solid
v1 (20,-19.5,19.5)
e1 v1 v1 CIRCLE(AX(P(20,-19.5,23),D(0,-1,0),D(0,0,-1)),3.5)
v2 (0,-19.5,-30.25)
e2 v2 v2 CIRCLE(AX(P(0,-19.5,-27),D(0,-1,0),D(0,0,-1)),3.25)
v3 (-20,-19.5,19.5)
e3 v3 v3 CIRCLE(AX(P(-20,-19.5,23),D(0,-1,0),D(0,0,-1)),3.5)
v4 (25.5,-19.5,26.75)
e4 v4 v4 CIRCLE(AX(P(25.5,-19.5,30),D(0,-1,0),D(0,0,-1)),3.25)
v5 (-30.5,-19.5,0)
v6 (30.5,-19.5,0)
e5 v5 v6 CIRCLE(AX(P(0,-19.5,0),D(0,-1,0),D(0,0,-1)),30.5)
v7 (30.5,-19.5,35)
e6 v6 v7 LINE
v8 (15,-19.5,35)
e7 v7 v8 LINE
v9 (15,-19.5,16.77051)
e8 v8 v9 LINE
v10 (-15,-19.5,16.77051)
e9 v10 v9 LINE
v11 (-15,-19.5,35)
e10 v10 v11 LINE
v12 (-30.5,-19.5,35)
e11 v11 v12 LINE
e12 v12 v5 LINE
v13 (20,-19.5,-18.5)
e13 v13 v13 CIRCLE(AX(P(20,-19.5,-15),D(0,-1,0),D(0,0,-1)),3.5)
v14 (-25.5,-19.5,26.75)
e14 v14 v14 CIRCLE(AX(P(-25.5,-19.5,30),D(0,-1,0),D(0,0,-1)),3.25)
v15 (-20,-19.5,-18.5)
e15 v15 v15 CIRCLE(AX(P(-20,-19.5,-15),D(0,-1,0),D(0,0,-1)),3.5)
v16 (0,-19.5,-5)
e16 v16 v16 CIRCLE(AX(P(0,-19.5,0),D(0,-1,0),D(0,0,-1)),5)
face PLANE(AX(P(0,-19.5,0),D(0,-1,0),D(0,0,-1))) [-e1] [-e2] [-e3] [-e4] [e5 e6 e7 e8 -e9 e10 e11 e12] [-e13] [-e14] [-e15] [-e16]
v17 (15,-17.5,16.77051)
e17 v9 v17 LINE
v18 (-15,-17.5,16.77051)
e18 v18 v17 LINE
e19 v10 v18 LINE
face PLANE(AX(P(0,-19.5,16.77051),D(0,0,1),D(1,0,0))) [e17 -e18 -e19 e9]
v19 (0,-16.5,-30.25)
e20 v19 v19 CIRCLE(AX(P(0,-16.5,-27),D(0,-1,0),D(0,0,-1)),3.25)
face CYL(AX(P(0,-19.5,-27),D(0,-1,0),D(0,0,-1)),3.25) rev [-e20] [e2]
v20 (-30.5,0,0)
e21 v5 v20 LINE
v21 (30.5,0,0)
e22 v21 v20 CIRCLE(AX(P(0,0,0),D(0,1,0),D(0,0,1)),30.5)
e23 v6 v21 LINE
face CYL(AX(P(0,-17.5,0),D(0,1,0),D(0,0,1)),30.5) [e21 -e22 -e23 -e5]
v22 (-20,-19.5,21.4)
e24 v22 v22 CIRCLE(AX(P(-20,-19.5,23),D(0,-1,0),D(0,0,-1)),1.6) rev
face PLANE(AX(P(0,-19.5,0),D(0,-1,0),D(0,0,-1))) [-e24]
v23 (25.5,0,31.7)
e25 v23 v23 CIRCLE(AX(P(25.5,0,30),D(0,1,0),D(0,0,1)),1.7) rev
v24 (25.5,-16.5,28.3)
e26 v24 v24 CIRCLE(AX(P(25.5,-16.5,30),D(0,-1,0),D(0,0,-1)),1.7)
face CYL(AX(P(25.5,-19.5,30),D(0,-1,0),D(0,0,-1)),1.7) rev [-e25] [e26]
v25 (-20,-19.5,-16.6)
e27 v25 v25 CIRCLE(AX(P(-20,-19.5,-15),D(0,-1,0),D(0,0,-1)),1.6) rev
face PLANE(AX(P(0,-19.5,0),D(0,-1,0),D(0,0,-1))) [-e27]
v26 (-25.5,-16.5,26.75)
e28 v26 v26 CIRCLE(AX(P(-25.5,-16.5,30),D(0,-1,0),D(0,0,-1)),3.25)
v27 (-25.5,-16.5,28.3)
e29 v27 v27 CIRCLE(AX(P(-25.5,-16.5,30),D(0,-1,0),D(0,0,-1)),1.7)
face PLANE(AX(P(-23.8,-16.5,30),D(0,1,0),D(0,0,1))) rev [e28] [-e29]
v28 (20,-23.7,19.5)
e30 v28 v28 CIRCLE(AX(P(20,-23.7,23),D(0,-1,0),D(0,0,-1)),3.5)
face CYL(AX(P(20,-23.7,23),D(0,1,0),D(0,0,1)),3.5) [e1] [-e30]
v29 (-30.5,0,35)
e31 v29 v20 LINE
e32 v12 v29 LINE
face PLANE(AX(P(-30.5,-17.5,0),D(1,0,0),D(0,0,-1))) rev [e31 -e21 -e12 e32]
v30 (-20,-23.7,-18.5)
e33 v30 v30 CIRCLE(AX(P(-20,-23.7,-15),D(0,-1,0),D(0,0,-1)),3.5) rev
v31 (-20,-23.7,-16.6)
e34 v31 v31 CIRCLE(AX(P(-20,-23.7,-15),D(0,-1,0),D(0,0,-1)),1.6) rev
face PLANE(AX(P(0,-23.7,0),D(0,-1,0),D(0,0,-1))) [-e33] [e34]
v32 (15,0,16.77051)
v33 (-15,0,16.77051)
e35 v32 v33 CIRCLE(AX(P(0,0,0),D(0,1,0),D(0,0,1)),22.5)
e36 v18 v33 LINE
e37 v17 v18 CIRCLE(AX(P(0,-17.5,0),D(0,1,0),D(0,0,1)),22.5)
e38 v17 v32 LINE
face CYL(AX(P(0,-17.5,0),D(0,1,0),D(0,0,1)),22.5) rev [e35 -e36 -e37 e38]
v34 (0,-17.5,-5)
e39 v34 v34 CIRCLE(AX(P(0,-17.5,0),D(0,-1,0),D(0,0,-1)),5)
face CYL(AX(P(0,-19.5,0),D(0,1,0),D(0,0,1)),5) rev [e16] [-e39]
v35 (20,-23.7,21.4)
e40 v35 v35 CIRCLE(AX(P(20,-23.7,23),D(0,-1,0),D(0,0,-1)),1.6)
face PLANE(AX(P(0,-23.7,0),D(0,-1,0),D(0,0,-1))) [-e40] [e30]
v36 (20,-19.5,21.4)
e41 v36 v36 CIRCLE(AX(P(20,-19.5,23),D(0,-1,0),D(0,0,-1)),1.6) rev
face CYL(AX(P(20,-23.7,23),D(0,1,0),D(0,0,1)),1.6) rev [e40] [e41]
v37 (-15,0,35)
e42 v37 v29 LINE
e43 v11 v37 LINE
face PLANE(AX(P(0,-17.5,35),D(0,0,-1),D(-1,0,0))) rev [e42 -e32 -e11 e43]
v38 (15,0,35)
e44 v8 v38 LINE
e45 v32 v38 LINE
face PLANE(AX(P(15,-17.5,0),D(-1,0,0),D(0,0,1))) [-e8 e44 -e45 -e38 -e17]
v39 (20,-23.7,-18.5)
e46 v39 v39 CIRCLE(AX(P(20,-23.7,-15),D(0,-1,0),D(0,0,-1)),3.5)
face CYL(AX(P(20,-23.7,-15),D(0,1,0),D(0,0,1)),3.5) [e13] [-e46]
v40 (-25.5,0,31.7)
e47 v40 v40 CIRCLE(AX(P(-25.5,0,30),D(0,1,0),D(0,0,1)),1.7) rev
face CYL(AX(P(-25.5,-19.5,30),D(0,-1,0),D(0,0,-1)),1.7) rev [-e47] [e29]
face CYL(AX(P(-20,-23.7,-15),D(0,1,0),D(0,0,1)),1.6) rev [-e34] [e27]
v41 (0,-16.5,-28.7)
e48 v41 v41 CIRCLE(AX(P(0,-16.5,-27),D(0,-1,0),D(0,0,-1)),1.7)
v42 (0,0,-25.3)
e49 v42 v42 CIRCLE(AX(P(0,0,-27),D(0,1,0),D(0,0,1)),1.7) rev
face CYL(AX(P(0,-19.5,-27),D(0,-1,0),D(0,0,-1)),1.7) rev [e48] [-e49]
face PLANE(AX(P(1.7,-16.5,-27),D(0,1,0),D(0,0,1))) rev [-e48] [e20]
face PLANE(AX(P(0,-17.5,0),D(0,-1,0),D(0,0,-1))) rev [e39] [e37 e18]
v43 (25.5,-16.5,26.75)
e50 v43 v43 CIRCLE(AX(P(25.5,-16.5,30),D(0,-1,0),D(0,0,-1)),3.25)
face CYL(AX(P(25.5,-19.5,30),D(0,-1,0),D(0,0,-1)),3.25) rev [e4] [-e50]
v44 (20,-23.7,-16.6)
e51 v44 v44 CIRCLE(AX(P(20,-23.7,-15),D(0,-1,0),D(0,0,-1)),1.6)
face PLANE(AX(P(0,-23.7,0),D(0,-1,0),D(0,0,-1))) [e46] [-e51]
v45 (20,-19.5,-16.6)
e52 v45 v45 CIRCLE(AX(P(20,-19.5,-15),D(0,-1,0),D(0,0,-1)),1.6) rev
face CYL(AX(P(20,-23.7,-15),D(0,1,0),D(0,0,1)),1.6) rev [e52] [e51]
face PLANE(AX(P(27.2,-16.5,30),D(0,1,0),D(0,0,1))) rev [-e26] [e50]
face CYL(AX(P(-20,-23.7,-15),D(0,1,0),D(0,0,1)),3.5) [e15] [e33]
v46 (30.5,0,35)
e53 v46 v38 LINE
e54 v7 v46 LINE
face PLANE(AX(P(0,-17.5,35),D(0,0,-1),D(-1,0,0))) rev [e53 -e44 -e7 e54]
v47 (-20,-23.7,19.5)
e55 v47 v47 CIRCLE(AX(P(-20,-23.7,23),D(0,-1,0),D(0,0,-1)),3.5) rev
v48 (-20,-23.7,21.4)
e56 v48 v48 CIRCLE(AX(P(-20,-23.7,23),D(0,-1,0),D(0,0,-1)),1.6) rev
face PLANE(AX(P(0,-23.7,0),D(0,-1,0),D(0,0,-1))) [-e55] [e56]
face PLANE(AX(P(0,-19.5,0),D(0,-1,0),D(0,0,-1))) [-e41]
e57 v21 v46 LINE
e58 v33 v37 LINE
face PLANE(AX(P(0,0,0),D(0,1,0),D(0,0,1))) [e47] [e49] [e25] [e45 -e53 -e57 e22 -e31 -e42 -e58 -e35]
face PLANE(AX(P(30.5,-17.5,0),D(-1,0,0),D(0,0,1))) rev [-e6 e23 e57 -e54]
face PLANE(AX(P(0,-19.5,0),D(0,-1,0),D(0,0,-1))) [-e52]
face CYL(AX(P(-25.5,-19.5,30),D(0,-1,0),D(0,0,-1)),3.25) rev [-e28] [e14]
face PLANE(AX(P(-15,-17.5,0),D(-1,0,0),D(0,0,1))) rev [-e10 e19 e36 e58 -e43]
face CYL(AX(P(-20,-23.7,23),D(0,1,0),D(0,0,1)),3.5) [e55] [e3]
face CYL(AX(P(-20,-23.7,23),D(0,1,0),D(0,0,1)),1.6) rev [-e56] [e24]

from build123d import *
from build123d.topology import SkipClean

# Parameters (mm, degrees)
BOSS_EXTRUDE1_DEPTH            = 17.5
SKETCH2_R                      = 5
BOSS_EXTRUDE2_DEPTH            = 2
SKETCH3_R                      = 3.5
SKETCH3_R_2                    = 1.6
BOSS_EXTRUDE3_DEPTH            = 4.2
CBORE_FOR_M3_SHCS1_D           = 3.4
CBORE_FOR_M3_SHCS1_DEPTH       = 19.5
CBORE_FOR_M3_SHCS1_CBORE_D     = 6.5
CBORE_FOR_M3_SHCS1_CBORE_DEPTH = 3
CBORE_FOR_M3_SHCS1_TIP         = 1.021463052


with BuildPart() as part:
    # Sketch1 → Boss-Extrude1 (new body)
    with BuildSketch(Plane(origin=(0, 0, 0), x_dir=(1, 0, 0), z_dir=(0, 1, 0))):
        with BuildLine():
            Line((-15, -26.55654345), (-15, -16.770509831))
            ThreePointArc((-15, -16.770509831), (-9.185586535, 20.539595906), (22.5, 0))
            ThreePointArc((22.5, 0), (20.539595906, -9.185586535), (15, -16.770509831))
            Line((15, -16.770509831), (15, -26.55654345))
            ThreePointArc((15, -26.55654345), (26.34150717, -15.374491862), (30.5, 0))
            ThreePointArc((30.5, 0), (0, 30.5), (-30.5, 0))
            ThreePointArc((-30.5, 0), (-26.34150717, -15.374491862), (-15, -26.55654345))
        make_face()
        with BuildLine():
            Line((-15, -35), (-15, -26.55654345))
            ThreePointArc((-15, -26.55654345), (-26.34150717, -15.374491862), (-30.5, 0))
            Line((-30.5, 0), (-30.5, -35))
            Line((-30.5, -35), (-15, -35))
        make_face()
        with BuildLine():
            ThreePointArc((30.5, 0), (26.34150717, -15.374491862), (15, -26.55654345))
            Line((15, -26.55654345), (15, -35))
            Line((15, -35), (30.5, -35))
            Line((30.5, -35), (30.5, 0))
        make_face()
    extrude(amount=-BOSS_EXTRUDE1_DEPTH)

    # Sketch2 → Boss-Extrude2 (add)
    # profile 1 of 2: a face of its own
    with SkipClean():  # the faces are left unmerged after this step: merging them gives an invalid solid
        with BuildSketch(Plane.XZ.offset(17.5)):
            with BuildLine():
                Line((-15, 16.770509831), (15, 16.770509831))
                ThreePointArc((15, 16.770509831), (0, -22.5), (-15, 16.770509831))
            make_face()
            with Locations(Location((0, 0, 0), (0, 0, 270))):
                Circle(SKETCH2_R, mode=Mode.SUBTRACT)
        # profile 2 of 2: a face of its own
        with BuildSketch(Plane.XZ.offset(17.5)):
            with BuildLine():
                Line((30.5, 35), (15, 35))
                Line((15, 35), (15, 16.770509831))
                ThreePointArc((15, 16.770509831), (0, -22.5), (-15, 16.770509831))
                Line((-15, 16.770509831), (-15, 35))
                Line((-15, 35), (-30.5, 35))
                Line((-30.5, 35), (-30.5, 0))
                ThreePointArc((-30.5, 0), (0, -30.5), (30.5, 0))
                Line((30.5, 0), (30.5, 35))
            make_face()
        extrude(amount=BOSS_EXTRUDE2_DEPTH)

    # Sketch3 → Boss-Extrude3 (add)
    # profile 1 of 4: a face of its own
    with SkipClean():  # the faces are left unmerged after this step: merging them gives an invalid solid
        with BuildSketch(Plane.XZ.offset(19.5)):
            with Locations(Location((-20, 23, 0), (0, 0, 270))):
                Circle(SKETCH3_R)
            with Locations(Location((-20, 23, 0), (0, 0, 270))):
                Circle(SKETCH3_R_2, mode=Mode.SUBTRACT)
        # profile 2 of 4: a face of its own
        with BuildSketch(Plane.XZ.offset(19.5)):
            with Locations(Location((20, 23, 0), (0, 0, 270))):
                Circle(SKETCH3_R)
            with Locations(Location((20, 23, 0), (0, 0, 270))):
                Circle(SKETCH3_R_2, mode=Mode.SUBTRACT)
        # profile 3 of 4: a face of its own
        with BuildSketch(Plane.XZ.offset(19.5)):
            with Locations(Location((20, -15, 0), (0, 0, 270))):
                Circle(SKETCH3_R)
            with Locations(Location((20, -15, 0), (0, 0, 270))):
                Circle(SKETCH3_R_2, mode=Mode.SUBTRACT)
        # profile 4 of 4: a face of its own
        with BuildSketch(Plane.XZ.offset(19.5)):
            with Locations(Location((-20, -15, 0), (0, 0, 270))):
                Circle(SKETCH3_R)
            with Locations(Location((-20, -15, 0), (0, 0, 270))):
                Circle(SKETCH3_R_2, mode=Mode.SUBTRACT)
        extrude(amount=BOSS_EXTRUDE3_DEPTH)

    # CBORE for M3 SHCS1
    with Locations(Plane.XZ.offset(19.5)):
        with Locations((0, -27), (25.5, 30), (-25.5, 30)):
            CounterBoreHole(CBORE_FOR_M3_SHCS1_D / 2, CBORE_FOR_M3_SHCS1_CBORE_D / 2, CBORE_FOR_M3_SHCS1_CBORE_DEPTH, depth=CBORE_FOR_M3_SHCS1_DEPTH)
            with Locations((0, 0, -(CBORE_FOR_M3_SHCS1_DEPTH + CBORE_FOR_M3_SHCS1_TIP / 2))):  # 118° drill point
                Cone(0, CBORE_FOR_M3_SHCS1_D / 2, CBORE_FOR_M3_SHCS1_TIP, mode=Mode.SUBTRACT)


solid = part.part
